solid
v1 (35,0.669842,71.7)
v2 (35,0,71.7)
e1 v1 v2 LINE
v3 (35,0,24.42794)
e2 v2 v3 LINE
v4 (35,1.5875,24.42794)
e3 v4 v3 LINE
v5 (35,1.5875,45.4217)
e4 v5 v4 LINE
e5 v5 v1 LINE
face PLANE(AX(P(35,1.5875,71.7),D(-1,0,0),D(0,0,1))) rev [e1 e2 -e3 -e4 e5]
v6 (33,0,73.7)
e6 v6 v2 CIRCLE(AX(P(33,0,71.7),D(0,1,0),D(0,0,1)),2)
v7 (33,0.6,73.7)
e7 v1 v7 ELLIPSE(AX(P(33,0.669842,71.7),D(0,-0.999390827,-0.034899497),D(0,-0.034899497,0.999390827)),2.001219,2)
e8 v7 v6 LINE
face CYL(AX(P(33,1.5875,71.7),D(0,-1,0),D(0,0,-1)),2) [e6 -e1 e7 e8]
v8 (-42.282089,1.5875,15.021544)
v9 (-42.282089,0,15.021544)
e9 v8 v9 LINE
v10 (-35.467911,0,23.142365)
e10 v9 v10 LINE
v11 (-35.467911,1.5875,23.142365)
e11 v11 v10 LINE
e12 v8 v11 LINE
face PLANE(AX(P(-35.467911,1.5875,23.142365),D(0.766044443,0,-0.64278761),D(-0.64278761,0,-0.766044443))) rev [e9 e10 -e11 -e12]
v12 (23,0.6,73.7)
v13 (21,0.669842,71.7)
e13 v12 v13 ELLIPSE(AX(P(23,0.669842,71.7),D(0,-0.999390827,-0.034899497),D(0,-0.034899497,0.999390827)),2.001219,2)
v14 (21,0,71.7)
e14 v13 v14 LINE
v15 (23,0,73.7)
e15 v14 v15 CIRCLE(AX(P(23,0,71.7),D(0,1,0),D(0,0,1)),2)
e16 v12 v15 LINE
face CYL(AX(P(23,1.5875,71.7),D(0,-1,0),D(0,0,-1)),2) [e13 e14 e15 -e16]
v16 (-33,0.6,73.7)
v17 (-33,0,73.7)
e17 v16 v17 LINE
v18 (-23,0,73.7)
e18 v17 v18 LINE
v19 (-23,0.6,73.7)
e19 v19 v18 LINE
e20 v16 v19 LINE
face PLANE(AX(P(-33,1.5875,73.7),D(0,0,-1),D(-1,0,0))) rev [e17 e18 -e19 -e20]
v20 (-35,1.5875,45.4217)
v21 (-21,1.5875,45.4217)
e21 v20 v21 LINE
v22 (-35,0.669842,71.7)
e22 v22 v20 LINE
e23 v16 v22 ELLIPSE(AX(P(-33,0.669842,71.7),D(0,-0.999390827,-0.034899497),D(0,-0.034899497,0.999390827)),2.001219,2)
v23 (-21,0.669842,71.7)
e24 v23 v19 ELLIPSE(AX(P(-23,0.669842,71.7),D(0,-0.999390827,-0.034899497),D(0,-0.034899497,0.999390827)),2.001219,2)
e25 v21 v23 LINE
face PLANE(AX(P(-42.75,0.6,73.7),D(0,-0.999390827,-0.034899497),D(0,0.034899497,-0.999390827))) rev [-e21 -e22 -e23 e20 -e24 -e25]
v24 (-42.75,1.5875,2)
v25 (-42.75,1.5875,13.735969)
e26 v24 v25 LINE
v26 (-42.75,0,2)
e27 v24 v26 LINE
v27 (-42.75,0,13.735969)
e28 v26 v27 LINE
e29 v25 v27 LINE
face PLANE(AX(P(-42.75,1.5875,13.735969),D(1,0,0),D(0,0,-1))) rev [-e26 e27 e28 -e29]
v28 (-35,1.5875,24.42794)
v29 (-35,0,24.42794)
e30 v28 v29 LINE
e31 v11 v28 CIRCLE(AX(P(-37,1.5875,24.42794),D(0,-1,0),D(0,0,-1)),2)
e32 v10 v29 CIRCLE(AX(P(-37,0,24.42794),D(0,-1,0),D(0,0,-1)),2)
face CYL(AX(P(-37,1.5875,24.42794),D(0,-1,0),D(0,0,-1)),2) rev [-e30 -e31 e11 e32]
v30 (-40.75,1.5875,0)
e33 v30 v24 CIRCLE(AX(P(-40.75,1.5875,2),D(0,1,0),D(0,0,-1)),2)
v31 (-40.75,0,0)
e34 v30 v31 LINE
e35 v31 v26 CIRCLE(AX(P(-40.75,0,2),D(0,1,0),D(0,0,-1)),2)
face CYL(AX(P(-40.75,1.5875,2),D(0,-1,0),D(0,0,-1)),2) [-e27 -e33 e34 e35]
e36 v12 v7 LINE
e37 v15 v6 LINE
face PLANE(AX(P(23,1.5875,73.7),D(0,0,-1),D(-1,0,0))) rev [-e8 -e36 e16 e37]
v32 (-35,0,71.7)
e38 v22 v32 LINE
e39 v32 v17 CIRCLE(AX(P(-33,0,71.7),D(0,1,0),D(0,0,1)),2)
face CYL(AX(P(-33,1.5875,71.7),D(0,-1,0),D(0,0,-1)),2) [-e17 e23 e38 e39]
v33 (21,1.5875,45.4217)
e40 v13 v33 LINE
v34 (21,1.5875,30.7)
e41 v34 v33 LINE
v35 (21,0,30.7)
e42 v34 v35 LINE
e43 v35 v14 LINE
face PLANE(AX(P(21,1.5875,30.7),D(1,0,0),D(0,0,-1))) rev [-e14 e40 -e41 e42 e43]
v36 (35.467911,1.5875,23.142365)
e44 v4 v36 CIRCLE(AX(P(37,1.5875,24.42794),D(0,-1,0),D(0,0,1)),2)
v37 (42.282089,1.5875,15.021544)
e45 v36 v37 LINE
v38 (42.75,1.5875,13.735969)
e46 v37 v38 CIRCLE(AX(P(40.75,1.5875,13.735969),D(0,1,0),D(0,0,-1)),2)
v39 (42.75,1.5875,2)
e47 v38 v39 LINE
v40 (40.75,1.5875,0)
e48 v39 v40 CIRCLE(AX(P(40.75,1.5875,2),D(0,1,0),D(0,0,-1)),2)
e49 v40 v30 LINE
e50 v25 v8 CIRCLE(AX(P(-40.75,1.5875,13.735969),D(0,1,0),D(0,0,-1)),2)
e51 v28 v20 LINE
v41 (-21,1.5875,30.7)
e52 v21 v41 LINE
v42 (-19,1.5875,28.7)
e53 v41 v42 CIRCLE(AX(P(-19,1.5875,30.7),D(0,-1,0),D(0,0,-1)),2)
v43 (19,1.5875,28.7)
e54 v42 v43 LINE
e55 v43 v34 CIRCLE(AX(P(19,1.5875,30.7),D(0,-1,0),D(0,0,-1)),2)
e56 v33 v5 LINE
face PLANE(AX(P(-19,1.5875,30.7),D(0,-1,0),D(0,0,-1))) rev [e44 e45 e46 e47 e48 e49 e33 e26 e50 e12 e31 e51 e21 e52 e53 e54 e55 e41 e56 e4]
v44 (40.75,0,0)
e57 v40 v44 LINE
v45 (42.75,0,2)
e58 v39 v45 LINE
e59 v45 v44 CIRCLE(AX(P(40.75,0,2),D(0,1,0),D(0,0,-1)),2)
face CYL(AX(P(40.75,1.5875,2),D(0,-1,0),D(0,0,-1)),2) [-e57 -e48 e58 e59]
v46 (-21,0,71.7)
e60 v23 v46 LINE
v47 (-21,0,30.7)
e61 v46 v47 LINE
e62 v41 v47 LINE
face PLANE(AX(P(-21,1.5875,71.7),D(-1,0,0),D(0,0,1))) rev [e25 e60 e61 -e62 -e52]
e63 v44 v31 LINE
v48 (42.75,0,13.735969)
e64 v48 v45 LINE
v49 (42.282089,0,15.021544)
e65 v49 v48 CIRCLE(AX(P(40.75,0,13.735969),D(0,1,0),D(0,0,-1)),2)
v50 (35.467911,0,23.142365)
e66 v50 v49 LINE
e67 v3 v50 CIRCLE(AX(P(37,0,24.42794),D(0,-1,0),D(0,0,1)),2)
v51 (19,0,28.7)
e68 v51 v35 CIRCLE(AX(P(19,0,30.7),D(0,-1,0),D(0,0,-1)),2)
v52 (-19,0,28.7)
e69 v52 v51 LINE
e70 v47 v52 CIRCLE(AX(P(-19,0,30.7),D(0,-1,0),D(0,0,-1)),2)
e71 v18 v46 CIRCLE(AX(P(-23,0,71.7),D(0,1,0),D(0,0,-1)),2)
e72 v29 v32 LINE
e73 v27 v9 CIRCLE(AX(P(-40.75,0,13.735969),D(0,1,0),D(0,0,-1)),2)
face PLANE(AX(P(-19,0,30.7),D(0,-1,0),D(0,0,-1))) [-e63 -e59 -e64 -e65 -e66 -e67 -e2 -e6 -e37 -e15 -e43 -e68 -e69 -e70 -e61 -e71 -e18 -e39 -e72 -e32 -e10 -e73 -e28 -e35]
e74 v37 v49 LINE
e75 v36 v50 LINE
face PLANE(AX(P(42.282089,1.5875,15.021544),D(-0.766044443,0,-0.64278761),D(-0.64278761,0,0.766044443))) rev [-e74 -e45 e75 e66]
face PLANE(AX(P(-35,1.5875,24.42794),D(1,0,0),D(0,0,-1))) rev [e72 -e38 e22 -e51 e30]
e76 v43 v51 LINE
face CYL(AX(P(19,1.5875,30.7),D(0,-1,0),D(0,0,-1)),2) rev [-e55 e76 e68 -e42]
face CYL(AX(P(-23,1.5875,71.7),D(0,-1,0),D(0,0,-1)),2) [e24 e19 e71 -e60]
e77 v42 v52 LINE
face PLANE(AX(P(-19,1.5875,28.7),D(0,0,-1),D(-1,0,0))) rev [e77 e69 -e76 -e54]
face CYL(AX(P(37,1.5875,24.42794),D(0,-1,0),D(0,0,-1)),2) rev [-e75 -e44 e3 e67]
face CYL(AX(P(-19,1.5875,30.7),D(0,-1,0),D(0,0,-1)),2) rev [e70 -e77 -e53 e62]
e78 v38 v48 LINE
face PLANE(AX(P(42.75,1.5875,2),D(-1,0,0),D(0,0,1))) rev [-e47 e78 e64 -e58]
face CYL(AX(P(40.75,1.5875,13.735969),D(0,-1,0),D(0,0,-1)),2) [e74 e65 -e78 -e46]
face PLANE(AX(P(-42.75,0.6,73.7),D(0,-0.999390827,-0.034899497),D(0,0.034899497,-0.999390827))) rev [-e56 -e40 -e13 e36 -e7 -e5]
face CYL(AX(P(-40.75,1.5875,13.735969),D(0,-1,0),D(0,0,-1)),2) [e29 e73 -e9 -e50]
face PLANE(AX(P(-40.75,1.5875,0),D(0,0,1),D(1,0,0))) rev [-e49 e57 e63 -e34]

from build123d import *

# Parameters (mm, degrees)
BOSS_EXTRUDE1_DEPTH = 1.5875
CUT_EXTRUDE2_DEPTH  = 109.601439476


with BuildPart() as part:
    # Sketch1 → Boss-Extrude1 (new body)
    with BuildSketch(Plane(origin=(0, 0, 0), x_dir=(1, 0, 0), z_dir=(0, 1, 0))):
        with BuildLine():
            Line((-35, -24.427940469), (-35, -71.7))
            ThreePointArc((-35, -71.7), (-34.414213562, -73.114213562), (-33, -73.7))
            Line((-33, -73.7), (-23, -73.7))
            ThreePointArc((-23, -73.7), (-21.585786438, -73.114213562), (-21, -71.7))
            Line((-21, -71.7), (-21, -30.7))
            ThreePointArc((-21, -30.7), (-20.414213562, -29.285786438), (-19, -28.7))
            Line((-19, -28.7), (19, -28.7))
            ThreePointArc((19, -28.7), (20.414213562, -29.285786438), (21, -30.7))
            Line((21, -30.7), (21, -71.7))
            ThreePointArc((21, -71.7), (21.585786438, -73.114213562), (23, -73.7))
            Line((23, -73.7), (33, -73.7))
            ThreePointArc((33, -73.7), (34.414213562, -73.114213562), (35, -71.7))
            Line((35, -71.7), (35, -24.427940469))
            ThreePointArc((35, -24.427940469), (35.120614758, -23.743900182), (35.467911114, -23.142365249))
            Line((35.467911114, -23.142365249), (42.282088886, -15.021544408))
            ThreePointArc((42.282088886, -15.021544408), (42.629385242, -14.420009476), (42.75, -13.735969189))
            Line((42.75, -13.735969189), (42.75, -2))
            ThreePointArc((42.75, -2), (42.164213562, -0.585786438), (40.75, 0))
            Line((40.75, 0), (-40.75, 0))
            ThreePointArc((-40.75, 0), (-42.164213562, -0.585786438), (-42.75, -2))
            Line((-42.75, -2), (-42.75, -13.735969189))
            ThreePointArc((-42.75, -13.735969189), (-42.629385242, -14.420009476), (-42.282088886, -15.021544408))
            Line((-42.282088886, -15.021544408), (-35.467911114, -23.142365249))
            ThreePointArc((-35.467911114, -23.142365249), (-35.120614758, -23.743900182), (-35, -24.427940469))
        make_face()
    extrude(amount=BOSS_EXTRUDE1_DEPTH)

    # Sketch3 → Cut-Extrude2 (cut, through all)
    with BuildSketch(Plane(origin=(37, 0, 0), x_dir=(0, 0, -1), z_dir=(1, 0, 0))):
        Polygon((-71.7, 1.5875), (-45.421699883, 1.5875), (-73.7, 0.6), (-73.7, 1.5875), align=None)
    extrude(amount=-CUT_EXTRUDE2_DEPTH, mode=Mode.SUBTRACT)


solid = part.part
